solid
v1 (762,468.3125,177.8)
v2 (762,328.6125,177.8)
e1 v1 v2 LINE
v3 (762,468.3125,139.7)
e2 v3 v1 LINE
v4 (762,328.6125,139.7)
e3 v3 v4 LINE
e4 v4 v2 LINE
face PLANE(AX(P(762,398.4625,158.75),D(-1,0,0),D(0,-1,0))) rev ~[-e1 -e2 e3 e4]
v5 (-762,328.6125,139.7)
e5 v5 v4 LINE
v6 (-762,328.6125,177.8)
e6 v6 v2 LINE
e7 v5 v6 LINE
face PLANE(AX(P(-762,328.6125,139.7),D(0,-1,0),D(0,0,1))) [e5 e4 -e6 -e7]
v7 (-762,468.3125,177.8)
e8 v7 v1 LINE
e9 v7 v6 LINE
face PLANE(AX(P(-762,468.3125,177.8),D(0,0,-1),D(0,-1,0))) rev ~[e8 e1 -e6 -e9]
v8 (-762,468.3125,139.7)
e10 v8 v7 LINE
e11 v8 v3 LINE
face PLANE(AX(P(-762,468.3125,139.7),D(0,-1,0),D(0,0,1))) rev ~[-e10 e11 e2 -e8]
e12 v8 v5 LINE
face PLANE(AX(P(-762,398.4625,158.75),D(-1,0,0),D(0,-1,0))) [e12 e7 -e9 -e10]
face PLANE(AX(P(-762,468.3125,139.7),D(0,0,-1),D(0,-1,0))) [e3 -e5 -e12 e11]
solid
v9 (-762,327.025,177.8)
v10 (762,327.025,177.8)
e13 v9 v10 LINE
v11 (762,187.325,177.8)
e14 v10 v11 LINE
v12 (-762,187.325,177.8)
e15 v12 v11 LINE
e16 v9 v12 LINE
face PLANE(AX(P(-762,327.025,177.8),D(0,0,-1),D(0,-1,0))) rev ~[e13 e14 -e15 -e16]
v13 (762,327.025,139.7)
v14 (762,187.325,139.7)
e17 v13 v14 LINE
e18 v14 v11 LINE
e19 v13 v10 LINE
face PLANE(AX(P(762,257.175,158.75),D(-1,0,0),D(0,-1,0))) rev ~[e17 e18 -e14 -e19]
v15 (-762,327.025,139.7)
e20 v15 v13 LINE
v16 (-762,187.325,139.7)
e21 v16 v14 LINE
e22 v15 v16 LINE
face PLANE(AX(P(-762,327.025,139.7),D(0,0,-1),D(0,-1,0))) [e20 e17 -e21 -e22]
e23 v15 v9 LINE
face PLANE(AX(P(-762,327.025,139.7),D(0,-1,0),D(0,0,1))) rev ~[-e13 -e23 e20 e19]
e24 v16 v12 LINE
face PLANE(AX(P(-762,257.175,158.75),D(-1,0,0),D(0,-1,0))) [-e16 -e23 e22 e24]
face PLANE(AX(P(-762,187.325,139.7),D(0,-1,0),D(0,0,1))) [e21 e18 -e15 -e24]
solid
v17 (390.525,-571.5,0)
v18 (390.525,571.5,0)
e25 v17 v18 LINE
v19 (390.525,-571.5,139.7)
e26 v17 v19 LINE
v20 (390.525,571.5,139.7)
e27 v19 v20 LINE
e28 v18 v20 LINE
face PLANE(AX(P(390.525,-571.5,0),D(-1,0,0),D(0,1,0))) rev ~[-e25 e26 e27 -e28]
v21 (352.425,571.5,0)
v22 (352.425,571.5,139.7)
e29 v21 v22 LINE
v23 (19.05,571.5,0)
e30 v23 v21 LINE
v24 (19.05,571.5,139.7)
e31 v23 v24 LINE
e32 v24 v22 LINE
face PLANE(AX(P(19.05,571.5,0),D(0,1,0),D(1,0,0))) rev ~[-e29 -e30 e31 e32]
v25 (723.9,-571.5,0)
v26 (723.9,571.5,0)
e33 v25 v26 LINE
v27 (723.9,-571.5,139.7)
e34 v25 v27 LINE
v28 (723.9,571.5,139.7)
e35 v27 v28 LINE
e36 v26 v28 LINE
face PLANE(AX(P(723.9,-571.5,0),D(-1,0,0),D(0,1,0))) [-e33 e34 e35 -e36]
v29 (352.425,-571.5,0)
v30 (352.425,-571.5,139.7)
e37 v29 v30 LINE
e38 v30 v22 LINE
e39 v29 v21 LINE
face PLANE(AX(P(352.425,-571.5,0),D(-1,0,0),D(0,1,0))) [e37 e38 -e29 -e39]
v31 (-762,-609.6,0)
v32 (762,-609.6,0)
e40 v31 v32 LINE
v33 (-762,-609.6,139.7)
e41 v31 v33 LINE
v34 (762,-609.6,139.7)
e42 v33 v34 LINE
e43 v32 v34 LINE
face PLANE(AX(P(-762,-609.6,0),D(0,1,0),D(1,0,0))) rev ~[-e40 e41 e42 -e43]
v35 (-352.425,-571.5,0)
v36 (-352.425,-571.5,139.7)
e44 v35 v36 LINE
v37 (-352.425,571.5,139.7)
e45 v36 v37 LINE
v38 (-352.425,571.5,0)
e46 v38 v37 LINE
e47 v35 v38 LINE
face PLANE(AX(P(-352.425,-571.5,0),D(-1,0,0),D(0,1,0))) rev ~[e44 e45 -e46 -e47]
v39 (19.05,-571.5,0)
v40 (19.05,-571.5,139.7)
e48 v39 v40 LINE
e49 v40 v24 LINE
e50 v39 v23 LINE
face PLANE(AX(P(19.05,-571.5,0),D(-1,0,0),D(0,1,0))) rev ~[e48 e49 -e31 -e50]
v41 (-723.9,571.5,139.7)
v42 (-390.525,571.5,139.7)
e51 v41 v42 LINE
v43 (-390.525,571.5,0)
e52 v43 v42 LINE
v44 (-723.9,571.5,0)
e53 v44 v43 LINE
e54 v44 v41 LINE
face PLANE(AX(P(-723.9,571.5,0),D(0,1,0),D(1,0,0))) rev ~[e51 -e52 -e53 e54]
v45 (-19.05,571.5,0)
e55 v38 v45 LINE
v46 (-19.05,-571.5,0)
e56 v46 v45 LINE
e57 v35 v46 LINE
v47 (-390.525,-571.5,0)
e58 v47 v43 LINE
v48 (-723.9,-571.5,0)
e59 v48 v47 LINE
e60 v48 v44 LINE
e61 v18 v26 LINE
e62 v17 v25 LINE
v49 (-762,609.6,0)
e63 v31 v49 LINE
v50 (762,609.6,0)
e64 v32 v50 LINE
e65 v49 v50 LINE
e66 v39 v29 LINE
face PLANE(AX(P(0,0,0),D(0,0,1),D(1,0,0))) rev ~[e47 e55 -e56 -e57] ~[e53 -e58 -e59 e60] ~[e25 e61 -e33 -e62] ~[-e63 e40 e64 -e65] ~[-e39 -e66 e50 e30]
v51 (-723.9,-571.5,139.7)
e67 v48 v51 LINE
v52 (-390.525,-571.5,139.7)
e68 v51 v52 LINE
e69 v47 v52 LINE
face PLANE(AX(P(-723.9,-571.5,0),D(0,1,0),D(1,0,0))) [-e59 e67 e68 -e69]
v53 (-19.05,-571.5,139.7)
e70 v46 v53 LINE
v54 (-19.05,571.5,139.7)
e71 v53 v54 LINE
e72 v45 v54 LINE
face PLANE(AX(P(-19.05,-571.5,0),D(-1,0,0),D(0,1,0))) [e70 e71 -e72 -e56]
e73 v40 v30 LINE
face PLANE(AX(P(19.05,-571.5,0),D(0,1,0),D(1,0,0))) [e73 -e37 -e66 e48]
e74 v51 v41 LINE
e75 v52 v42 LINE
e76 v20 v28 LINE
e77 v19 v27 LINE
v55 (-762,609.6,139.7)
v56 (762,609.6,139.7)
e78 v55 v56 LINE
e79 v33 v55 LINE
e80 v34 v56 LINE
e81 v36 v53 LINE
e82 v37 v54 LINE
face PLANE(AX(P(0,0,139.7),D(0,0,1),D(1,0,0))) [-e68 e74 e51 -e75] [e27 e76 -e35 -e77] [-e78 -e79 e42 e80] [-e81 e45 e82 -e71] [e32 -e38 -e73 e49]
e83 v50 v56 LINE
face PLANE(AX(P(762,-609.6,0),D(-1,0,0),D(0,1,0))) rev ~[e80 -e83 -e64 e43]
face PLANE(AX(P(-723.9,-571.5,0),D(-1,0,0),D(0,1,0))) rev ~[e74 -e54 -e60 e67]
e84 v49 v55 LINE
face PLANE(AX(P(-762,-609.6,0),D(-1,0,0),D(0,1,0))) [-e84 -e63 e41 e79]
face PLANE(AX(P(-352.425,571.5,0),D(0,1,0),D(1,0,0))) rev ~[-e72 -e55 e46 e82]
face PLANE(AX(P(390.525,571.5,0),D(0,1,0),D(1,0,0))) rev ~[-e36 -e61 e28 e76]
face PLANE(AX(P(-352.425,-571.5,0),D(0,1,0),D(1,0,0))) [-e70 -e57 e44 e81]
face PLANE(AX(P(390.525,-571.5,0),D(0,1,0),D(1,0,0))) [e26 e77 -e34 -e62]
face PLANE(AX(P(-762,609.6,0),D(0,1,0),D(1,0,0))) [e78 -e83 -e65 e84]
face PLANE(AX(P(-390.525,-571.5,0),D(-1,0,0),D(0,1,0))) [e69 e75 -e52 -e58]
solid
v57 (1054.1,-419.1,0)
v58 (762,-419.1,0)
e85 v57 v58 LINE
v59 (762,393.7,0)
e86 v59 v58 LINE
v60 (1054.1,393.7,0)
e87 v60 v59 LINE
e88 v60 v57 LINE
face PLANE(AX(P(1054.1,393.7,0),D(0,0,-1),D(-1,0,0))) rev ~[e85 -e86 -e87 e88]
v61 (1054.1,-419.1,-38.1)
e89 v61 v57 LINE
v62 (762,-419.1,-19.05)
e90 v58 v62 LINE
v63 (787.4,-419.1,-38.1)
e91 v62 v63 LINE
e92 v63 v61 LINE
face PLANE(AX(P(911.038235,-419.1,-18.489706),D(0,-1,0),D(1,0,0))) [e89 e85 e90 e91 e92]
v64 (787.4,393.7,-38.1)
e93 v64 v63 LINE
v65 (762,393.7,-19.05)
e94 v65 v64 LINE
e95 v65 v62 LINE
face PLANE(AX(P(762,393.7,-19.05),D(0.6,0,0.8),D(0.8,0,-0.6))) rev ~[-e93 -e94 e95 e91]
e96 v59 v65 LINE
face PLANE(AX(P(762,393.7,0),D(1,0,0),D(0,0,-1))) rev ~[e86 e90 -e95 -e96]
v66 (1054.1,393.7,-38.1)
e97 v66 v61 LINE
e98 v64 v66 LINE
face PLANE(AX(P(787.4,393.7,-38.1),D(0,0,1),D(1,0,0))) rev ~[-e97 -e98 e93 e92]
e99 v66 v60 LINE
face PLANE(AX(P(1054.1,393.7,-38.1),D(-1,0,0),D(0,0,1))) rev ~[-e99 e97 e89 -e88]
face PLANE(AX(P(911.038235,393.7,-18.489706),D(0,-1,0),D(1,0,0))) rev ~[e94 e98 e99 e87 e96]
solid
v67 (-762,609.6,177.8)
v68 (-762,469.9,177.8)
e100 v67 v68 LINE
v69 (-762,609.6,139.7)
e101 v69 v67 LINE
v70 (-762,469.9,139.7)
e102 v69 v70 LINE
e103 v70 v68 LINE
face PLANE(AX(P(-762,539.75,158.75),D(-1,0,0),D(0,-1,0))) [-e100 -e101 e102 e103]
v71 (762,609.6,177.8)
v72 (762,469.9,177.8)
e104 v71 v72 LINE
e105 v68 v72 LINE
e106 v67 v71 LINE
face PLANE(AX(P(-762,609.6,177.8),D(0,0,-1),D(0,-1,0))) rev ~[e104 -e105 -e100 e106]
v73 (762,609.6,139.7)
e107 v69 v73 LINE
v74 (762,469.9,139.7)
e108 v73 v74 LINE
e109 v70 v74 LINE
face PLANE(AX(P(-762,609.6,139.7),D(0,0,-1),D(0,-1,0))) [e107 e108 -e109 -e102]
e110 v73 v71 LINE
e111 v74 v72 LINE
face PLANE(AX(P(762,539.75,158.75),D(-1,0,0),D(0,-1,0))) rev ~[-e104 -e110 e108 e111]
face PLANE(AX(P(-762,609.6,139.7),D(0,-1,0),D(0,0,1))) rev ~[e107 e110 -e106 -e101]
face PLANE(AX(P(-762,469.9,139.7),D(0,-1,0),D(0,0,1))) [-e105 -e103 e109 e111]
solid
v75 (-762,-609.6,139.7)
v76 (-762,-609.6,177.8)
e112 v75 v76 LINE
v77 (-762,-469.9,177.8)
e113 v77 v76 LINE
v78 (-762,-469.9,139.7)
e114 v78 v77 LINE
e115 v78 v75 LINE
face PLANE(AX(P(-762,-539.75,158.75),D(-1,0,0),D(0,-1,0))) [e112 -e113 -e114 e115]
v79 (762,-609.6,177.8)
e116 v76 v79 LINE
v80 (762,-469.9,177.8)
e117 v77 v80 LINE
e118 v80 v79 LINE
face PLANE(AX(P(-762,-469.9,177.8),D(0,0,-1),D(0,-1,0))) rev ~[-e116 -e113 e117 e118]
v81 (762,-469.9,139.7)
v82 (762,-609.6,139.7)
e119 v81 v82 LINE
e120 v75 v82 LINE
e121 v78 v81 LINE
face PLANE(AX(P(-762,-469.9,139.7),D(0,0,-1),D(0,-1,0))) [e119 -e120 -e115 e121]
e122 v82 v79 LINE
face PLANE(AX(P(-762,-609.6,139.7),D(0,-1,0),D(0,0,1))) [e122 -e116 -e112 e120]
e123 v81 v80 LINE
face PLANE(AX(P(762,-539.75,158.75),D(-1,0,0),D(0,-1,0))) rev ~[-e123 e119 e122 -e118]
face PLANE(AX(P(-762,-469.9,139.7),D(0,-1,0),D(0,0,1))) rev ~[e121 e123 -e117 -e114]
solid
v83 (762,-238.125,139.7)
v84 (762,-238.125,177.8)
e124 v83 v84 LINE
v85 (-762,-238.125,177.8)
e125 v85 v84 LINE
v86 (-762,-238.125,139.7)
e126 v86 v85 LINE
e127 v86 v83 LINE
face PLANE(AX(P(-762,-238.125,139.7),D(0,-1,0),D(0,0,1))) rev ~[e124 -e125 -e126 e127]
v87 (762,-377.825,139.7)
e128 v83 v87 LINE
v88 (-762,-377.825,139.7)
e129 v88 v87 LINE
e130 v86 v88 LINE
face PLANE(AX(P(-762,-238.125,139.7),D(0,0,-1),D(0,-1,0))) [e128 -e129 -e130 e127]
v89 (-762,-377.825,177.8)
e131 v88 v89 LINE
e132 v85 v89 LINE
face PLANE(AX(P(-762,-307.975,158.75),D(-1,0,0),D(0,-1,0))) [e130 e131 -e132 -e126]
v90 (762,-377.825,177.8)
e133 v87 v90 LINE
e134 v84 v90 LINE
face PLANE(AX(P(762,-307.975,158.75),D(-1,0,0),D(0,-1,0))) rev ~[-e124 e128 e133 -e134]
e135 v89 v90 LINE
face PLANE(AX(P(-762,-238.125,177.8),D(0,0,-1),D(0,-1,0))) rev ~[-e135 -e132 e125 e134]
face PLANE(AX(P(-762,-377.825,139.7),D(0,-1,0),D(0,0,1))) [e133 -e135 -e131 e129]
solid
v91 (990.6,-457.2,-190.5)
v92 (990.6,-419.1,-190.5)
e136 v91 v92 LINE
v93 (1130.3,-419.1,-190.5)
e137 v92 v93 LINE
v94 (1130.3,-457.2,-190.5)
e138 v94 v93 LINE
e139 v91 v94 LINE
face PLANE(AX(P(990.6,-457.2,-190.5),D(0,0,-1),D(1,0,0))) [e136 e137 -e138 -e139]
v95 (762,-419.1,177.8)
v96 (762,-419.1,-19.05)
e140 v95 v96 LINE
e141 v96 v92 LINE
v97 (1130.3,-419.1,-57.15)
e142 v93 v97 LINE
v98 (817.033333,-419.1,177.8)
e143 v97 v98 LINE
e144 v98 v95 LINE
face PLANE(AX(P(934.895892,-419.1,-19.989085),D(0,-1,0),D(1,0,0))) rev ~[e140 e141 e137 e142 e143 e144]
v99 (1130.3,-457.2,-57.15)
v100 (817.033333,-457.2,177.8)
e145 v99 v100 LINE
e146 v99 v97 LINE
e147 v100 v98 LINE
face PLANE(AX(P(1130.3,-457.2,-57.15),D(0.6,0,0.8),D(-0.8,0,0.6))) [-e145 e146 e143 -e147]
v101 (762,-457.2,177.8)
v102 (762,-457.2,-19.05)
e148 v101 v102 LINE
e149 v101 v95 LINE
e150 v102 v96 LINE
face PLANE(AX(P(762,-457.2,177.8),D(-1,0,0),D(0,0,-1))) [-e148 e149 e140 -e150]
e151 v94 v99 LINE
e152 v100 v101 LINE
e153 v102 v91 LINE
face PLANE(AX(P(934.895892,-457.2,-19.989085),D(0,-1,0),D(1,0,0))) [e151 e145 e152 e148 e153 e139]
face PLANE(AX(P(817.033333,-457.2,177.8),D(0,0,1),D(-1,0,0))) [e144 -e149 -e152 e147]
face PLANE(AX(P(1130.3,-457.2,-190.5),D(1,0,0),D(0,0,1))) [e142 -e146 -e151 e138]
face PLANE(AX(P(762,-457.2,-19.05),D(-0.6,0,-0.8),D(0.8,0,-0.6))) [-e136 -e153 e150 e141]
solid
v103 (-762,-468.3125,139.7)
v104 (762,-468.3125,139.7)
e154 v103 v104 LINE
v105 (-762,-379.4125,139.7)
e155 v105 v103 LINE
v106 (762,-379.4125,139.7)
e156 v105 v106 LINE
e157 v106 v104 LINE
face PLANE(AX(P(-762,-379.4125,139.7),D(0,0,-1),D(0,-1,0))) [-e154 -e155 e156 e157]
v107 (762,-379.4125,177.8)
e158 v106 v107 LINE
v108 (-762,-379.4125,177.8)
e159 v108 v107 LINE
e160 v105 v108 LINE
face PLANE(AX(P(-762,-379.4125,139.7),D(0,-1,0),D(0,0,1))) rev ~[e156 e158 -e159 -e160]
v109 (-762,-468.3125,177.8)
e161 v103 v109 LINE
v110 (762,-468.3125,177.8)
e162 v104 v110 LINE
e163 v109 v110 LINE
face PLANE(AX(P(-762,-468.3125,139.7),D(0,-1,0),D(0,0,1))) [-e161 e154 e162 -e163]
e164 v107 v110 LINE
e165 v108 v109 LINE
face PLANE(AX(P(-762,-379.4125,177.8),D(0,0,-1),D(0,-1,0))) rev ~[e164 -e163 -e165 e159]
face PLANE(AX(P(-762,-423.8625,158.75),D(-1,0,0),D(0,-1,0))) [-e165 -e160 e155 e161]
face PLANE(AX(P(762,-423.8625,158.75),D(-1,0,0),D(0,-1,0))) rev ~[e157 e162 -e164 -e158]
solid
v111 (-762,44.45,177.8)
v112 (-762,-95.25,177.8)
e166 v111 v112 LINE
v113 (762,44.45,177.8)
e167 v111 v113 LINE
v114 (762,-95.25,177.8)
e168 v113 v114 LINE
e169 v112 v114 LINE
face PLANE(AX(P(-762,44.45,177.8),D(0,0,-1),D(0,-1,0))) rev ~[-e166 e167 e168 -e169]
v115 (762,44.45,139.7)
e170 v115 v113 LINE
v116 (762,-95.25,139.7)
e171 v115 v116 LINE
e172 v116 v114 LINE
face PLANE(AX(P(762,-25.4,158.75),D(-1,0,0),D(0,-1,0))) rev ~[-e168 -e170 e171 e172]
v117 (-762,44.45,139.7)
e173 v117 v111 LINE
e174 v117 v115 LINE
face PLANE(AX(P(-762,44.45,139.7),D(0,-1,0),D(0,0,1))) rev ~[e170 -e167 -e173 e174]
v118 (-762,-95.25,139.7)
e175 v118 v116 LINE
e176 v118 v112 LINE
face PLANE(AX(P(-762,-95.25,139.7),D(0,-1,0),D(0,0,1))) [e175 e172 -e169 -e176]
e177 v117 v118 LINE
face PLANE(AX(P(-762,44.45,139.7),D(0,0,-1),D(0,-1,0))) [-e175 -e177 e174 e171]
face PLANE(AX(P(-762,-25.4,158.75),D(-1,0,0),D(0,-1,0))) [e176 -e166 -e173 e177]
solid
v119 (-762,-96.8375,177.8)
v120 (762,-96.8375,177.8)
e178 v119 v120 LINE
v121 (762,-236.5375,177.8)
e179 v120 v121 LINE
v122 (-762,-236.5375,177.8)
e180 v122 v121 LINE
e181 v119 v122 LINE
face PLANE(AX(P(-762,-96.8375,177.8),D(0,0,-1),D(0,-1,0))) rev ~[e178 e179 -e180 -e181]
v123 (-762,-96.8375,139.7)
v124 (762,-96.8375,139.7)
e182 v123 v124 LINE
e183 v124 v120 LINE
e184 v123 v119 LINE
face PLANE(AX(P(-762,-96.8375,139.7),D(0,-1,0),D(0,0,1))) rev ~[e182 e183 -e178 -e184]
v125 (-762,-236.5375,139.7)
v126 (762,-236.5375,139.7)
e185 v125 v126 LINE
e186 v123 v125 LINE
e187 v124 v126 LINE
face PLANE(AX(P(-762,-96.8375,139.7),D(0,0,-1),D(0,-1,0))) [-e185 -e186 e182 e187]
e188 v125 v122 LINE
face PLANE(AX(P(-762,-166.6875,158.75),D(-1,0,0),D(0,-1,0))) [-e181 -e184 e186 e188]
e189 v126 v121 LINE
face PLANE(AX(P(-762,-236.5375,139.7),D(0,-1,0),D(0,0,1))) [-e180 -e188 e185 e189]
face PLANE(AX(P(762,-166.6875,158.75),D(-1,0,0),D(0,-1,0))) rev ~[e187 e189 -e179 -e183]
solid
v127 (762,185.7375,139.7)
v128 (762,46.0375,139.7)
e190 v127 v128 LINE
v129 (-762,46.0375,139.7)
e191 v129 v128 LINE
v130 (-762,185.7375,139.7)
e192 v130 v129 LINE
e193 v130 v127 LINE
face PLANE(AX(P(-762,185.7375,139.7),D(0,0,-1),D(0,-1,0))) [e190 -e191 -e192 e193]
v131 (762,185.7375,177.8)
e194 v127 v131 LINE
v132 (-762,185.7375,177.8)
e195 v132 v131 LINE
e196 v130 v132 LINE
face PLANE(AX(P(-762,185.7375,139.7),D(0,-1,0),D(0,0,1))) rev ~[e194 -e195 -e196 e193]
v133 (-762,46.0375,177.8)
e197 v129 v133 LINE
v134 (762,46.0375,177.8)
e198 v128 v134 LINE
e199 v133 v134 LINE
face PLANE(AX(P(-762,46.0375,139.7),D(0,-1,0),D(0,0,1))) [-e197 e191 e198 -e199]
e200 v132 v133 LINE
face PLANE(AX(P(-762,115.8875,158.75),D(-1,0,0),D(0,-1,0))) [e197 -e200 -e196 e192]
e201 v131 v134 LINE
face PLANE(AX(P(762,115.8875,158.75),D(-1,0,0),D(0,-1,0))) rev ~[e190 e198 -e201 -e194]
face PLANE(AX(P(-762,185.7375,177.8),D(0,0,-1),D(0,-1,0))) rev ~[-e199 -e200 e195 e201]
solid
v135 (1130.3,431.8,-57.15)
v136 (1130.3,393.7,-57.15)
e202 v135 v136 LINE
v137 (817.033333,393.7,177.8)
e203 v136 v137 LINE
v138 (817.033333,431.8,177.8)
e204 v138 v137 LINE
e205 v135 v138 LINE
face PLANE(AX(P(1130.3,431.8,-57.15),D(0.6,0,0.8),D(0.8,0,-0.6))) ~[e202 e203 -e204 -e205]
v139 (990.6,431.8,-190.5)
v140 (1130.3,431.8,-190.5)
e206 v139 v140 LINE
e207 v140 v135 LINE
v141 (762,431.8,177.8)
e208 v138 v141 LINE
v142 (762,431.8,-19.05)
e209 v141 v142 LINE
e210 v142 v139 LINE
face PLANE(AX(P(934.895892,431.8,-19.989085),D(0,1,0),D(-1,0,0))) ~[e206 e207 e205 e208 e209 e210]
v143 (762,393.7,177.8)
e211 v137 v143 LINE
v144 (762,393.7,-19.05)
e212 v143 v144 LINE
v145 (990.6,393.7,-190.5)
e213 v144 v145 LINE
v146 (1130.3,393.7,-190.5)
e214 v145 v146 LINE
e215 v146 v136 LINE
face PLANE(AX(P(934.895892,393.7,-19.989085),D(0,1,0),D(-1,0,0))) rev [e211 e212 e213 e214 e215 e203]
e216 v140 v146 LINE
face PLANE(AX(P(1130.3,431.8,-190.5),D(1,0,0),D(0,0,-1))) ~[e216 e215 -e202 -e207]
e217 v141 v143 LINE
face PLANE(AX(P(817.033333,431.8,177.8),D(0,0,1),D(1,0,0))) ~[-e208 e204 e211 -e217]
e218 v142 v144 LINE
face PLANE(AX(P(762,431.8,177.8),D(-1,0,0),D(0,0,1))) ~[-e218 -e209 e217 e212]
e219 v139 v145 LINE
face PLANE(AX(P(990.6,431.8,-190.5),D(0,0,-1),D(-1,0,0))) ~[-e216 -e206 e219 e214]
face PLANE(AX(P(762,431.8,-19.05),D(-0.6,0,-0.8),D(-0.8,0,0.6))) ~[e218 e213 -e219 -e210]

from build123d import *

# Parameters (mm, degrees)
F0_W      = 1524
F0_H      = 1219.2
F0_W_2    = 333.375
F0_H_2    = 1143
F1_DEPTH  = 139.7
F2_W      = 139.7
F2_H      = 38.1
F3_DEPTH  = 1524
F2_W_2    = 88.9
F6_DEPTH  = 38.1
F10_DEPTH = 812.8


with BuildPart() as f1:
    # F0 (on Top) → F1 (new body)
    with BuildSketch(Plane.XY):
        Rectangle(F0_W, F0_H)
        with Locations((-557.2125, 0)):
            Rectangle(F0_W_2, F0_H_2, mode=Mode.SUBTRACT)
        with Locations((-185.7375, 0)):
            Rectangle(F0_W_2, F0_H_2, mode=Mode.SUBTRACT)
        with Locations((185.7375, 0)):
            Rectangle(F0_W_2, F0_H_2, mode=Mode.SUBTRACT)
        with Locations((557.2125, 0)):
            Rectangle(F0_W_2, F0_H_2, mode=Mode.SUBTRACT)
    extrude(amount=F1_DEPTH)


with BuildPart() as f3:
    # F2 (on face) → F3 (new body, through all)
    with BuildSketch(Plane(origin=(-762, 0, 0), x_dir=(0, -1, 0), z_dir=(-1, 0, 0))):
        with Locations((-115.8875, 158.75)):
            Rectangle(F2_W, F2_H)
    extrude(amount=-F3_DEPTH)


with BuildPart() as f3b:
    # F2 (on face) → F3, piece 2 (new body, through all)
    with BuildSketch(Plane(origin=(-762, 0, 0), x_dir=(0, -1, 0), z_dir=(-1, 0, 0))):
        with Locations((25.4, 158.75)):
            Rectangle(F2_W, F2_H)
    extrude(amount=-F3_DEPTH)


with BuildPart() as f3c:
    # F2 (on face) → F3, piece 3 (new body, through all)
    with BuildSketch(Plane(origin=(-762, 0, 0), x_dir=(0, -1, 0), z_dir=(-1, 0, 0))):
        with Locations((423.8625, 158.75)):
            Rectangle(F2_W_2, F2_H)
    extrude(amount=-F3_DEPTH)


with BuildPart() as f3d:
    # F2 (on face) → F3, piece 4 (new body, through all)
    with BuildSketch(Plane(origin=(-762, 0, 0), x_dir=(0, -1, 0), z_dir=(-1, 0, 0))):
        with Locations((539.75, 158.75)):
            Rectangle(F2_W, F2_H)
    extrude(amount=-F3_DEPTH)


with BuildPart() as f3e:
    # F2 (on face) → F3, piece 5 (new body, through all)
    with BuildSketch(Plane(origin=(-762, 0, 0), x_dir=(0, -1, 0), z_dir=(-1, 0, 0))):
        with Locations((166.6875, 158.75)):
            Rectangle(F2_W, F2_H)
    extrude(amount=-F3_DEPTH)


with BuildPart() as f3f:
    # F2 (on face) → F3, piece 6 (new body, through all)
    with BuildSketch(Plane(origin=(-762, 0, 0), x_dir=(0, -1, 0), z_dir=(-1, 0, 0))):
        with Locations((307.975, 158.75)):
            Rectangle(F2_W, F2_H)
    extrude(amount=-F3_DEPTH)


with BuildPart() as f3g:
    # F2 (on face) → F3, piece 7 (new body, through all)
    with BuildSketch(Plane(origin=(-762, 0, 0), x_dir=(0, -1, 0), z_dir=(-1, 0, 0))):
        with Locations((-539.75, 158.75)):
            Rectangle(F2_W, F2_H)
    extrude(amount=-F3_DEPTH)


with BuildPart() as f3h:
    # F2 (on face) → F3, piece 8 (new body, through all)
    with BuildSketch(Plane(origin=(-762, 0, 0), x_dir=(0, -1, 0), z_dir=(-1, 0, 0))):
        with Locations((-398.4625, 158.75)):
            Rectangle(F2_W, F2_H)
    extrude(amount=-F3_DEPTH)


with BuildPart() as f3i:
    # F2 (on face) → F3, piece 9 (new body, through all)
    with BuildSketch(Plane(origin=(-762, 0, 0), x_dir=(0, -1, 0), z_dir=(-1, 0, 0))):
        with Locations((-257.175, 158.75)):
            Rectangle(F2_W, F2_H)
    extrude(amount=-F3_DEPTH)


with BuildPart() as f6:
    # F5 (on offset) → F6 (new body)
    with BuildSketch(Plane.XZ.offset(457.2)):
        Polygon((817.0333333333, 177.8), (762, 177.8), (762, -19.05), (990.6, -190.5), (1130.3, -190.5), (1130.3, -57.15), align=None)
    extrude(amount=-F6_DEPTH)


with BuildPart() as f8_1:
    # F8: instance of F6
    add(f6.part.mirror(Plane(origin=(935.8203603196, -12.7, -24.0918023519), x_dir=(1, 0, 0), z_dir=(0, 1, 0))))


with BuildPart() as f10:
    # F9 (on face) → F10 (new body, through all)
    with BuildSketch(Plane.XZ.offset(-393.7)):
        Polygon((1054.1, 0), (762, 0), (762, -19.05), (787.4, -38.1), (1054.1, -38.1), align=None)
    extrude(amount=F10_DEPTH)


solid = Compound([f1.part, f3.part, f3b.part, f3c.part, f3d.part, f3e.part, f3f.part, f3g.part, f3h.part, f3i.part, f6.part, f8_1.part, f10.part])
